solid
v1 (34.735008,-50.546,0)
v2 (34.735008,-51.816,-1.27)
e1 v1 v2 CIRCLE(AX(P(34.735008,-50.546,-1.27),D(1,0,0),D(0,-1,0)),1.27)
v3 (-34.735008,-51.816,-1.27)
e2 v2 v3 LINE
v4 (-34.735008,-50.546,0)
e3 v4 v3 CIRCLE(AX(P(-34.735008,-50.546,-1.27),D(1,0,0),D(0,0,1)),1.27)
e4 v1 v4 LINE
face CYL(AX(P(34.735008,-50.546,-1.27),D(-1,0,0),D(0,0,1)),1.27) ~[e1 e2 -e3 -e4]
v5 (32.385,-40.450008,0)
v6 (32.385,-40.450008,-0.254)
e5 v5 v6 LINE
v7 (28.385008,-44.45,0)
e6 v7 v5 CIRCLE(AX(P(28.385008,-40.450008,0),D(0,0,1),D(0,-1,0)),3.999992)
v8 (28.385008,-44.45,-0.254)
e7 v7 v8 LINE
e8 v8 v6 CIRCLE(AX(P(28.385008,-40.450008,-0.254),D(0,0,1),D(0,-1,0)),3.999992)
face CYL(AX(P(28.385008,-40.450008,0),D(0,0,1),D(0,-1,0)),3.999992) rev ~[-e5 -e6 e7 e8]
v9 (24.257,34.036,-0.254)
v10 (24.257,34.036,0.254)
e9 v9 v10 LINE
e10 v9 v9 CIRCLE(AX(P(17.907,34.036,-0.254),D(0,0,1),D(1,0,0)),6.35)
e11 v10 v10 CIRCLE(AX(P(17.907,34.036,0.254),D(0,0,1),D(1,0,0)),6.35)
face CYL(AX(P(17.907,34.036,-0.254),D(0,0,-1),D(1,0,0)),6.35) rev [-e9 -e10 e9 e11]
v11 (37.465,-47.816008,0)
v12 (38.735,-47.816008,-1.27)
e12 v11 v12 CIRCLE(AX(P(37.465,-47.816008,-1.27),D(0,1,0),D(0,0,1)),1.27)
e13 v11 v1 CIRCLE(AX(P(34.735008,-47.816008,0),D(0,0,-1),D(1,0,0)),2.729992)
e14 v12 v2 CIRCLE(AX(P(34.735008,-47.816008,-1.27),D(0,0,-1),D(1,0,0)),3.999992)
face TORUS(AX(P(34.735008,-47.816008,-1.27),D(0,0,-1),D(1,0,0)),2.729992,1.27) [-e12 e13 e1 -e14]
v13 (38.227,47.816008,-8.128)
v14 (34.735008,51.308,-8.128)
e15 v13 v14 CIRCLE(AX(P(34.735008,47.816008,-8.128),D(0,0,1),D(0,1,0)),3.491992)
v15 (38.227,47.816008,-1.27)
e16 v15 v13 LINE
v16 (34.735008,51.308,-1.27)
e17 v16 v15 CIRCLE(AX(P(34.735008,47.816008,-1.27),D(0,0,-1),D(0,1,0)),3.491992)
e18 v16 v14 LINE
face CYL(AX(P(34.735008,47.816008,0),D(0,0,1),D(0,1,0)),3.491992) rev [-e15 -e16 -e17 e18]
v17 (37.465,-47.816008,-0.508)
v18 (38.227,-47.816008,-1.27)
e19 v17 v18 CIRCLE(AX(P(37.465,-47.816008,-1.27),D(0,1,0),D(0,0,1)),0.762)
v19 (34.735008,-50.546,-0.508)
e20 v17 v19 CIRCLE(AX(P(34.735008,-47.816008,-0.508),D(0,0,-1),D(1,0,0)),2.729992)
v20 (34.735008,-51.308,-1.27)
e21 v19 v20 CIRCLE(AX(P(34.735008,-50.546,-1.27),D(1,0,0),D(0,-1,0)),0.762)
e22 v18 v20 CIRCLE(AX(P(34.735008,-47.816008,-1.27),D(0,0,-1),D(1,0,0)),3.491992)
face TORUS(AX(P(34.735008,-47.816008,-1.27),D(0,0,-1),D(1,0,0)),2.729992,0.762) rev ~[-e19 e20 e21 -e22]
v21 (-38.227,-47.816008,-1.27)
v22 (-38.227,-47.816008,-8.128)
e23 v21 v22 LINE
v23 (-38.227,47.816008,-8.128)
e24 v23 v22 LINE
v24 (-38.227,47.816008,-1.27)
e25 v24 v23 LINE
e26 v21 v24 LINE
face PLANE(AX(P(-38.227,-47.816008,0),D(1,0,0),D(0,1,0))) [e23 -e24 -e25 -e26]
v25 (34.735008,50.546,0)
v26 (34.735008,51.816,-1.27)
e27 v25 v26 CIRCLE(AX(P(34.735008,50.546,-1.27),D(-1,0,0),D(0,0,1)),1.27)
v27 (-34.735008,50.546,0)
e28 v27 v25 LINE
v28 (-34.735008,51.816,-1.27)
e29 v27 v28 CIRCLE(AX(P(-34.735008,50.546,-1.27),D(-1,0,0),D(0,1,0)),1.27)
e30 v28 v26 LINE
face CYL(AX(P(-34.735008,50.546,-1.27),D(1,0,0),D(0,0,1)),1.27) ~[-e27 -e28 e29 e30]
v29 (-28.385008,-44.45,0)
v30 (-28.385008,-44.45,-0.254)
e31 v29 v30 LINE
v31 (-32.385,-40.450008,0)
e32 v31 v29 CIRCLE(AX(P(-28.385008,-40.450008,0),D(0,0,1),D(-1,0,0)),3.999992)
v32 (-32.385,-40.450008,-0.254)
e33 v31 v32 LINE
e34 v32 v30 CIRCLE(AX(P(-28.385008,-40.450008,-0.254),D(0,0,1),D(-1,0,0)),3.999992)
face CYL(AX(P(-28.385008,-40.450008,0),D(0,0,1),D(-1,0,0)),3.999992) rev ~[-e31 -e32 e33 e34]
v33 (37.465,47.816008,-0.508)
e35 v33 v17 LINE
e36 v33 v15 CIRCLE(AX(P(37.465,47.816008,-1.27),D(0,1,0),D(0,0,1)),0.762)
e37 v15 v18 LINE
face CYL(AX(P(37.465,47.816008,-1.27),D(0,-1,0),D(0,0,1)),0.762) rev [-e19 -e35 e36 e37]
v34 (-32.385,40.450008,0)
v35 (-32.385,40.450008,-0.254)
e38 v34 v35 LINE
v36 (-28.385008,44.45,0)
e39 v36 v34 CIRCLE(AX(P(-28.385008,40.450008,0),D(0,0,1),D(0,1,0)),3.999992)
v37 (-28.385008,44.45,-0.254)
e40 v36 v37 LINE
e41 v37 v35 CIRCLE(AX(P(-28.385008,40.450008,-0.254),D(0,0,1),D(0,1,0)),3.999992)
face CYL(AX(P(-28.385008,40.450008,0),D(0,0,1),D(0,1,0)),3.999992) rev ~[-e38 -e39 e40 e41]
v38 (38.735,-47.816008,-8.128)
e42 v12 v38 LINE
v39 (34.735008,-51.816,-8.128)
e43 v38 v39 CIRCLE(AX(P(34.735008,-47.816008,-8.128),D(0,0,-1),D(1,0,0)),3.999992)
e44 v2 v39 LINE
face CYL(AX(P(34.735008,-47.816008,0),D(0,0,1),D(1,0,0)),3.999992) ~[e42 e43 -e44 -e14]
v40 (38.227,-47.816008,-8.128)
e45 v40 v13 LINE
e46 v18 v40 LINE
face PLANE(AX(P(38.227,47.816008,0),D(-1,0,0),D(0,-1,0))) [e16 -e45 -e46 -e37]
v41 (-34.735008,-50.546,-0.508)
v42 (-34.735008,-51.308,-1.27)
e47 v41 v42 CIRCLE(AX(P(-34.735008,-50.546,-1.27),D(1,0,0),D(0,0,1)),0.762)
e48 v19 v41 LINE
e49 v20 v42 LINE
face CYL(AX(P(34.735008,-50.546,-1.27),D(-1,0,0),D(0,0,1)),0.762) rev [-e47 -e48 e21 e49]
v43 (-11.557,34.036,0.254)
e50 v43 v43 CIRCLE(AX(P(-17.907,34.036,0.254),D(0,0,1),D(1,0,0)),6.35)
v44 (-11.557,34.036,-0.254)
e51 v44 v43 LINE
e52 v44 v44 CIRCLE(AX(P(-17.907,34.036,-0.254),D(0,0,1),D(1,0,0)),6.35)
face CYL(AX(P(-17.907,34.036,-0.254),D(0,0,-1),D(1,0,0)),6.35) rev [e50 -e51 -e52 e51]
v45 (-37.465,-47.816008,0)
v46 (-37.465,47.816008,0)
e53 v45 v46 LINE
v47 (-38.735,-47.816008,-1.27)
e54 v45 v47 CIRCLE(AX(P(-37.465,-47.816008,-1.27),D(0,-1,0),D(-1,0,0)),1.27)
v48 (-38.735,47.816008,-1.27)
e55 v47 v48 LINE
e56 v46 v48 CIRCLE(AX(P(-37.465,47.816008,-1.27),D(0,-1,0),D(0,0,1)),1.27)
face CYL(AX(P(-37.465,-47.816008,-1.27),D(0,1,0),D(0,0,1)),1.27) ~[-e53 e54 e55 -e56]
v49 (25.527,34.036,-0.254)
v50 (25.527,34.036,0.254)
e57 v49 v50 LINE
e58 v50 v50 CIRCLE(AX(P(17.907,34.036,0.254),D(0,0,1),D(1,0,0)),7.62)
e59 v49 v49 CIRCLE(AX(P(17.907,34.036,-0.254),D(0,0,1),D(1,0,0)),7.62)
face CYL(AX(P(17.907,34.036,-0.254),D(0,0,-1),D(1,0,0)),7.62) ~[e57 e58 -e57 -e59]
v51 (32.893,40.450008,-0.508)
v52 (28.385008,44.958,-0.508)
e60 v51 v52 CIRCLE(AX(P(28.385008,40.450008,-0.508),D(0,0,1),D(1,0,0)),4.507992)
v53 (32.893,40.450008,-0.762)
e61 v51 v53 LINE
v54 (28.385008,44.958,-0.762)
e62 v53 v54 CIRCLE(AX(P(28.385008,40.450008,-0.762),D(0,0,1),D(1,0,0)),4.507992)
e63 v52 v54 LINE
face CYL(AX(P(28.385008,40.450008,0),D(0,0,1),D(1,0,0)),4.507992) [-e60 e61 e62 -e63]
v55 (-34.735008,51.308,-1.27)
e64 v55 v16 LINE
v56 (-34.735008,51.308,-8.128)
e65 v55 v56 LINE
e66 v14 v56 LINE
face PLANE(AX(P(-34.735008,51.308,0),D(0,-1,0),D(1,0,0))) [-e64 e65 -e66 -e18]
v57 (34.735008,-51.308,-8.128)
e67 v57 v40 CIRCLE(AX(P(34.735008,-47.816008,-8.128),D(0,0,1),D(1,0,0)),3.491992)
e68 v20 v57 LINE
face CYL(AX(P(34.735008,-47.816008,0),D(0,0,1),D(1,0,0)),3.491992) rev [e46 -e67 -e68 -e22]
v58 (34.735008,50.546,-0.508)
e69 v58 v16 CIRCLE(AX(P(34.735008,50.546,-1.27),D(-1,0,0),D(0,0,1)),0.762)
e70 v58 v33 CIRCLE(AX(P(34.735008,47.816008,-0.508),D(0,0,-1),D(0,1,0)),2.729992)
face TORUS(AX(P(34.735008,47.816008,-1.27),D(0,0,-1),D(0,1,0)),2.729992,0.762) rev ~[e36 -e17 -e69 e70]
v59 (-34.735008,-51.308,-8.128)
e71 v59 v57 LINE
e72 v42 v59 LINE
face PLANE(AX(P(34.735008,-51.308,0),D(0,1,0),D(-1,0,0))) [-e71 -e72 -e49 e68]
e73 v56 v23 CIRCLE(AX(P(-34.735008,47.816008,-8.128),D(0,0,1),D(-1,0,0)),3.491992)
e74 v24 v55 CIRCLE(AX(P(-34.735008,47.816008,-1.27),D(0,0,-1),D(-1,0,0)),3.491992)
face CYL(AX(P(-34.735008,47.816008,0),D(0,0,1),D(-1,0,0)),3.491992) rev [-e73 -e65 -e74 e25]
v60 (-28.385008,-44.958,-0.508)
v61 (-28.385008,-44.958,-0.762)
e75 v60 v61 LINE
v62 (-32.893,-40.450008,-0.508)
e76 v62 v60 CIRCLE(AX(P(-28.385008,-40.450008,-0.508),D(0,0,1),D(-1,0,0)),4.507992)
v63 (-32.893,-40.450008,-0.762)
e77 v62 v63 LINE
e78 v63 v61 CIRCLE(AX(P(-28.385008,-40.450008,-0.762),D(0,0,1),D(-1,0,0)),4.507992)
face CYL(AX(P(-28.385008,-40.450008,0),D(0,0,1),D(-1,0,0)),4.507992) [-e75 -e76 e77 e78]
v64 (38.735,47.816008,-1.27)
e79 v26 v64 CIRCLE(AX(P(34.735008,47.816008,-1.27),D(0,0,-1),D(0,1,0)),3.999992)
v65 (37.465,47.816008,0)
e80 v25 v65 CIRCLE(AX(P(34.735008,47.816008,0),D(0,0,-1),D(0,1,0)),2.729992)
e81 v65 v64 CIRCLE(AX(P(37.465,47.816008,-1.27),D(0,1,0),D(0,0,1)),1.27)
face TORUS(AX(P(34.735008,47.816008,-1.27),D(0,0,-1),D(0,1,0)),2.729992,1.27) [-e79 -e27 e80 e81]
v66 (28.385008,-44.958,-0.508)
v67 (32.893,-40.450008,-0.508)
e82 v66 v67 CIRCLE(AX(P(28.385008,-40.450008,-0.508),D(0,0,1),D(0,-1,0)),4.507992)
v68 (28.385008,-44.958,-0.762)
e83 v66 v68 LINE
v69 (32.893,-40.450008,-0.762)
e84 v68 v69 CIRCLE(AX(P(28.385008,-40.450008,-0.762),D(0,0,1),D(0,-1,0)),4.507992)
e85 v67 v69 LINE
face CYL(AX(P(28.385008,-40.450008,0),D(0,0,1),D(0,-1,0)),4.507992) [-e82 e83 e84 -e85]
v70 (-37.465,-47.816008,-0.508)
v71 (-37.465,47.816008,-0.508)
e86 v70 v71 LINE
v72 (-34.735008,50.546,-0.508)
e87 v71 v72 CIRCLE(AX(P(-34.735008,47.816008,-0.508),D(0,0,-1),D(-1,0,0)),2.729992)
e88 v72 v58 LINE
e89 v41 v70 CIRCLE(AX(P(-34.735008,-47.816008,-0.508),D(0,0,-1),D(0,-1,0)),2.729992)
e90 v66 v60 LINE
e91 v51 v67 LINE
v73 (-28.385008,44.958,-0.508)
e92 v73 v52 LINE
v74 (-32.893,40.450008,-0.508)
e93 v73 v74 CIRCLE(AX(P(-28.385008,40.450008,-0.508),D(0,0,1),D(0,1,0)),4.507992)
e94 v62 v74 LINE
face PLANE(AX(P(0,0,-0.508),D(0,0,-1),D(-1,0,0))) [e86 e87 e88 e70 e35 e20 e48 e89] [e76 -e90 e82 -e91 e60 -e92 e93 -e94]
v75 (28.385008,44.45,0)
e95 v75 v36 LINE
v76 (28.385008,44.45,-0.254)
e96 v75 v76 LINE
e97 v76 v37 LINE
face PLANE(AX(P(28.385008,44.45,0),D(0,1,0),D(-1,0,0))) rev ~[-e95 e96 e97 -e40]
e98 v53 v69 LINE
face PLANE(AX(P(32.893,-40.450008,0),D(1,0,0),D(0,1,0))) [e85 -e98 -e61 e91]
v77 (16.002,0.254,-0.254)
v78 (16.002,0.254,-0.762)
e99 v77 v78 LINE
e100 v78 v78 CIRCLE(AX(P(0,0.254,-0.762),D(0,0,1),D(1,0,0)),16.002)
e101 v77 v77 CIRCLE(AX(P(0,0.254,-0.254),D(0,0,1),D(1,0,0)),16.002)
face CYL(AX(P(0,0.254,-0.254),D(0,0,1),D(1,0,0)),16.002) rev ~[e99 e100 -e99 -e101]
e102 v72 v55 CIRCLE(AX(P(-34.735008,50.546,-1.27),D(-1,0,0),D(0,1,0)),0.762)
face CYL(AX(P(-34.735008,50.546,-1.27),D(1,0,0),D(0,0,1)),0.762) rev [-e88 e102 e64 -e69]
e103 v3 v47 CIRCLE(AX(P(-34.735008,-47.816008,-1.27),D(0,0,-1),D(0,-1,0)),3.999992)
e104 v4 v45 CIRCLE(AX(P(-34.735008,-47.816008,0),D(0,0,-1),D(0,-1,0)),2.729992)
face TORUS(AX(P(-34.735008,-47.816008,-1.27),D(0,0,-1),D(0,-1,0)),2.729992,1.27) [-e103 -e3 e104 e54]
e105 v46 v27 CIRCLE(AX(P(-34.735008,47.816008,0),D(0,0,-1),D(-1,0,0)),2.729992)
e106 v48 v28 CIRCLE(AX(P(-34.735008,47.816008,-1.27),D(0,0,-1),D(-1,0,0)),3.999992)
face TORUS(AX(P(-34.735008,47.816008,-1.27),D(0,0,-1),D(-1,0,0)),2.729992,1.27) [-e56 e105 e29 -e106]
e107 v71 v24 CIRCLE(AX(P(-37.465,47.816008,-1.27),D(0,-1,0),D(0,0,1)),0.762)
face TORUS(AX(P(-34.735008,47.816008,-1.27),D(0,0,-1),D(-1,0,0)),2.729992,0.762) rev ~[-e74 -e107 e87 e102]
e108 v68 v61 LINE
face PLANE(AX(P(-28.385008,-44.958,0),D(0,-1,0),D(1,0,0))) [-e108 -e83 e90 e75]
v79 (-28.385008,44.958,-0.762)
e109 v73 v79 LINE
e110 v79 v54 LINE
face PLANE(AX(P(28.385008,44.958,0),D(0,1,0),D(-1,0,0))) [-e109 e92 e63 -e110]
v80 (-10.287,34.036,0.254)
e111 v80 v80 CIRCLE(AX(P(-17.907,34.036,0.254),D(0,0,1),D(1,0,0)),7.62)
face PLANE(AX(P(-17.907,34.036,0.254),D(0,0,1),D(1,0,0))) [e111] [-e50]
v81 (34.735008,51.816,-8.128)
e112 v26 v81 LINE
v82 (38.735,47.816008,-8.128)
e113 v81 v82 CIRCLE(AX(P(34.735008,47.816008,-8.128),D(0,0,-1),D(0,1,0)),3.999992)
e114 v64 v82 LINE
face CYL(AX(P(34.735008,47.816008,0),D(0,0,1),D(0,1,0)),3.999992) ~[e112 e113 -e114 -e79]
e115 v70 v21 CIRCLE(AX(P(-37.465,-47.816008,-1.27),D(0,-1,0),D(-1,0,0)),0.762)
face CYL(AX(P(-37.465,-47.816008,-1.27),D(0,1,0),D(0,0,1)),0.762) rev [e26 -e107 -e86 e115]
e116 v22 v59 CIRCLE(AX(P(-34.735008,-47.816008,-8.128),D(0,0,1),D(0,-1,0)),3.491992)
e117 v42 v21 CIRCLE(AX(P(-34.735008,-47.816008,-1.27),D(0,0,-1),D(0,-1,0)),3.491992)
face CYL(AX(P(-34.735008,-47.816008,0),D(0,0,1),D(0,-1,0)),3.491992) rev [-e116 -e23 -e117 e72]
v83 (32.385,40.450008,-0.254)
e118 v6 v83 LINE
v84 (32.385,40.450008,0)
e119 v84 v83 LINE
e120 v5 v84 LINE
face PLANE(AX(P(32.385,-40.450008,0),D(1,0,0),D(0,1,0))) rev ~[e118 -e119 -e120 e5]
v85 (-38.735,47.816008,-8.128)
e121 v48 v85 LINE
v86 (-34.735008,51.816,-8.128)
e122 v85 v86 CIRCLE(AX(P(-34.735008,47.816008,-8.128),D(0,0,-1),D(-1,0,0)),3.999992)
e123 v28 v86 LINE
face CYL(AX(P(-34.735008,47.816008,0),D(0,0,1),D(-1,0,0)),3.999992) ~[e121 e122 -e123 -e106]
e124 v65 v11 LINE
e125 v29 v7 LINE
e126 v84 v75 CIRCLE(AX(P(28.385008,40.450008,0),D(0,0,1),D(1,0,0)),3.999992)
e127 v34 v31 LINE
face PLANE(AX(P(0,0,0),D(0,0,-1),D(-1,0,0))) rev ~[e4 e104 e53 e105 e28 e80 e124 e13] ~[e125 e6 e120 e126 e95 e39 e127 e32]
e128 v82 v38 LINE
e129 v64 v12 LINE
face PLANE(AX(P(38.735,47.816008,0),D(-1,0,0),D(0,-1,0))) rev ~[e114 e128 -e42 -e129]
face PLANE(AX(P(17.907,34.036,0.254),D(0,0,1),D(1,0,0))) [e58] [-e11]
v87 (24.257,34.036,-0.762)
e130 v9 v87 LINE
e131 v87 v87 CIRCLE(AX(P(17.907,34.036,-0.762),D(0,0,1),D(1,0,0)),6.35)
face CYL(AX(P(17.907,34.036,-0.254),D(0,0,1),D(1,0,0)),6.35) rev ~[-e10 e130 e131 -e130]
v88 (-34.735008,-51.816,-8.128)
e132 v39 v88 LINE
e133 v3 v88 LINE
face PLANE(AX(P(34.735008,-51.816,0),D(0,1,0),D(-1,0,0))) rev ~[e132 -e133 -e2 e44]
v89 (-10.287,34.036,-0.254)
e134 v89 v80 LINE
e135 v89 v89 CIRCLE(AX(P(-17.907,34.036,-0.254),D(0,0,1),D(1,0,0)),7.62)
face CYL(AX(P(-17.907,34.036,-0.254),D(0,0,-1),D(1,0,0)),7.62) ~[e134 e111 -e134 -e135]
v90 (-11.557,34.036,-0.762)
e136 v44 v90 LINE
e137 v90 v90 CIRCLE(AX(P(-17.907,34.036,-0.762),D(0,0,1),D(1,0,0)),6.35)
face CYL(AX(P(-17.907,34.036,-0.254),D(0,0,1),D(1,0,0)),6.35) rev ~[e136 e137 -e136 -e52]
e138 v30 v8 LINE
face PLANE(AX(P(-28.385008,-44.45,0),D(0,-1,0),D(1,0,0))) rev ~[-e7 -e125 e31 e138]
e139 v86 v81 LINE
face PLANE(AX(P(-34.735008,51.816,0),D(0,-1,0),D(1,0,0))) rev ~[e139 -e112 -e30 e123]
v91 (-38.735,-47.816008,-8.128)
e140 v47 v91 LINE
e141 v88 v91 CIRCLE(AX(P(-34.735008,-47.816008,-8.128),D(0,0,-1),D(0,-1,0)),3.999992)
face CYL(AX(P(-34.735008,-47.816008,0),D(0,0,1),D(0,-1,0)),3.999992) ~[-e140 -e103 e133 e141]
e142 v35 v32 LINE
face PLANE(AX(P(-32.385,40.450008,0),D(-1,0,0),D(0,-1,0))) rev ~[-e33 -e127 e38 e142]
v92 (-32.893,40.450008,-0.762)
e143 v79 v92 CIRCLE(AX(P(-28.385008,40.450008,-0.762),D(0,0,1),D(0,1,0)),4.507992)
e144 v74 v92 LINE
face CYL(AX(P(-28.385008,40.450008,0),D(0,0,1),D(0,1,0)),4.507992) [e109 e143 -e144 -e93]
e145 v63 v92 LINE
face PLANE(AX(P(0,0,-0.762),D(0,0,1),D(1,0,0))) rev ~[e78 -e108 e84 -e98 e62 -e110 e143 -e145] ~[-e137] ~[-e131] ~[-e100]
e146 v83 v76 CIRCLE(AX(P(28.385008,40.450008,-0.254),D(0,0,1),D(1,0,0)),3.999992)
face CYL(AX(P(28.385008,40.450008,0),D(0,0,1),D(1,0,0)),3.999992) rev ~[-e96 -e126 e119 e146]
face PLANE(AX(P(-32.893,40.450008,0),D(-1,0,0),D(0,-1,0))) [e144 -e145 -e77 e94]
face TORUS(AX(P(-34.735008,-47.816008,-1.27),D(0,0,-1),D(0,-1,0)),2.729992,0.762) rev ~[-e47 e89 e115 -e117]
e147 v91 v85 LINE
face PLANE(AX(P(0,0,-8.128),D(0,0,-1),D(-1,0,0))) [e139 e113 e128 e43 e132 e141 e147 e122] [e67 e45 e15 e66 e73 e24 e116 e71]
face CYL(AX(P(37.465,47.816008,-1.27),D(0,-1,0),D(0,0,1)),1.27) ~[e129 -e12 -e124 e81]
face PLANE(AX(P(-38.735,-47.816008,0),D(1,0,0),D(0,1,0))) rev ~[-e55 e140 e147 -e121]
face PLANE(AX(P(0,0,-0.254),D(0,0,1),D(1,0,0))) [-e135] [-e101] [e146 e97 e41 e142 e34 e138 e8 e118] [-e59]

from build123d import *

# Parameters (mm, degrees)
BOSS_EXTRUDE1_DEPTH = 8.128
CUT_EXTRUDE1_DEPTH  = 0.254
FILLET3_R           = 1.27
SHELL2_T            = -0.508
SKETCH4_R           = 16.002
SKETCH4_R_2         = 6.35
CUT_EXTRUDE3_DEPTH  = 8.874
SKETCH6_R           = 7.62
SKETCH6_R_2         = 6.35
BOSS_EXTRUDE5_DEPTH = 0.508


with BuildPart() as part:
    # Sketch1 → Boss-Extrude1 (new body)
    with BuildSketch(Plane.XY):
        with BuildLine():
            Line((34.735008, -51.816), (-34.735008, -51.816))
            ThreePointArc((-34.735008, -51.816), (-37.563429468, -50.644429468), (-38.735, -47.816008))
            Line((-38.735, -47.816008), (-38.735, 47.816008))
            ThreePointArc((-38.735, 47.816008), (-37.563429468, 50.644429468), (-34.735008, 51.816))
            Line((-34.735008, 51.816), (34.735008, 51.816))
            ThreePointArc((34.735008, 51.816), (37.563429468, 50.644429468), (38.735, 47.816008))
            Line((38.735, 47.816008), (38.735, -47.816008))
            ThreePointArc((38.735, -47.816008), (37.563429468, -50.644429468), (34.735008, -51.816))
        make_face()
    extrude(amount=-BOSS_EXTRUDE1_DEPTH)

    # Sketch3 → Cut-Extrude1 (cut)
    with BuildSketch(Plane.XY):
        with BuildLine():
            Line((-28.385008, -44.45), (28.385008, -44.45))
            ThreePointArc((28.385008, -44.45), (31.213429468, -43.278429468), (32.385, -40.450008))
            Line((32.385, -40.450008), (32.385, 40.450008))
            ThreePointArc((32.385, 40.450008), (31.213429468, 43.278429468), (28.385008, 44.45))
            Line((28.385008, 44.45), (-28.385008, 44.45))
            ThreePointArc((-28.385008, 44.45), (-31.213429468, 43.278429468), (-32.385, 40.450008))
            Line((-32.385, 40.450008), (-32.385, -40.450008))
            ThreePointArc((-32.385, -40.450008), (-31.213429468, -43.278429468), (-28.385008, -44.45))
        make_face()
    extrude(amount=-CUT_EXTRUDE1_DEPTH, mode=Mode.SUBTRACT)

    # Fillet3
    fillet3_edges = [part.edges().sort_by_distance(p)[0] for p in [
        (38.735, 0, 0),
        (37.563429468, -50.644429468, 0),
        (0, -51.816, 0),
        (-37.563429468, -50.644429468, 0),
        (-38.735, 0, 0),
        (-37.563429468, 50.644429468, 0),
        (0, 51.816, 0),
        (37.563429468, 50.644429468, 0),
    ]]
    fillet(fillet3_edges, radius=FILLET3_R)

    # Shell2
    shell2_openings = [part.faces().sort_by_distance(p)[0] for p in [
        (0, 0, -8.128),
    ]]
    offset(amount=SHELL2_T, openings=shell2_openings, kind=Kind.INTERSECTION)

    # Sketch4 → Cut-Extrude3 (cut, through all)
    with BuildSketch(Plane.XY.offset(-0.254)):
        with Locations((0, 0.254)):
            Circle(SKETCH4_R)
        with Locations((17.907, 34.036)):
            Circle(SKETCH4_R_2)
        with Locations((-17.907, 34.036)):
            Circle(SKETCH4_R_2)
    extrude(amount=-CUT_EXTRUDE3_DEPTH, mode=Mode.SUBTRACT)

    # Sketch6 → Boss-Extrude5 (add)
    with BuildSketch(Plane.XY.offset(-0.254)):
        with Locations((-17.907, 34.036)):
            Circle(SKETCH6_R)
        with Locations((-17.907, 34.036)):
            Circle(SKETCH6_R_2, mode=Mode.SUBTRACT)
        with Locations((17.907, 34.036)):
            Circle(SKETCH6_R)
        with Locations((17.907, 34.036)):
            Circle(SKETCH6_R_2, mode=Mode.SUBTRACT)
    extrude(amount=BOSS_EXTRUDE5_DEPTH)


solid = part.part
